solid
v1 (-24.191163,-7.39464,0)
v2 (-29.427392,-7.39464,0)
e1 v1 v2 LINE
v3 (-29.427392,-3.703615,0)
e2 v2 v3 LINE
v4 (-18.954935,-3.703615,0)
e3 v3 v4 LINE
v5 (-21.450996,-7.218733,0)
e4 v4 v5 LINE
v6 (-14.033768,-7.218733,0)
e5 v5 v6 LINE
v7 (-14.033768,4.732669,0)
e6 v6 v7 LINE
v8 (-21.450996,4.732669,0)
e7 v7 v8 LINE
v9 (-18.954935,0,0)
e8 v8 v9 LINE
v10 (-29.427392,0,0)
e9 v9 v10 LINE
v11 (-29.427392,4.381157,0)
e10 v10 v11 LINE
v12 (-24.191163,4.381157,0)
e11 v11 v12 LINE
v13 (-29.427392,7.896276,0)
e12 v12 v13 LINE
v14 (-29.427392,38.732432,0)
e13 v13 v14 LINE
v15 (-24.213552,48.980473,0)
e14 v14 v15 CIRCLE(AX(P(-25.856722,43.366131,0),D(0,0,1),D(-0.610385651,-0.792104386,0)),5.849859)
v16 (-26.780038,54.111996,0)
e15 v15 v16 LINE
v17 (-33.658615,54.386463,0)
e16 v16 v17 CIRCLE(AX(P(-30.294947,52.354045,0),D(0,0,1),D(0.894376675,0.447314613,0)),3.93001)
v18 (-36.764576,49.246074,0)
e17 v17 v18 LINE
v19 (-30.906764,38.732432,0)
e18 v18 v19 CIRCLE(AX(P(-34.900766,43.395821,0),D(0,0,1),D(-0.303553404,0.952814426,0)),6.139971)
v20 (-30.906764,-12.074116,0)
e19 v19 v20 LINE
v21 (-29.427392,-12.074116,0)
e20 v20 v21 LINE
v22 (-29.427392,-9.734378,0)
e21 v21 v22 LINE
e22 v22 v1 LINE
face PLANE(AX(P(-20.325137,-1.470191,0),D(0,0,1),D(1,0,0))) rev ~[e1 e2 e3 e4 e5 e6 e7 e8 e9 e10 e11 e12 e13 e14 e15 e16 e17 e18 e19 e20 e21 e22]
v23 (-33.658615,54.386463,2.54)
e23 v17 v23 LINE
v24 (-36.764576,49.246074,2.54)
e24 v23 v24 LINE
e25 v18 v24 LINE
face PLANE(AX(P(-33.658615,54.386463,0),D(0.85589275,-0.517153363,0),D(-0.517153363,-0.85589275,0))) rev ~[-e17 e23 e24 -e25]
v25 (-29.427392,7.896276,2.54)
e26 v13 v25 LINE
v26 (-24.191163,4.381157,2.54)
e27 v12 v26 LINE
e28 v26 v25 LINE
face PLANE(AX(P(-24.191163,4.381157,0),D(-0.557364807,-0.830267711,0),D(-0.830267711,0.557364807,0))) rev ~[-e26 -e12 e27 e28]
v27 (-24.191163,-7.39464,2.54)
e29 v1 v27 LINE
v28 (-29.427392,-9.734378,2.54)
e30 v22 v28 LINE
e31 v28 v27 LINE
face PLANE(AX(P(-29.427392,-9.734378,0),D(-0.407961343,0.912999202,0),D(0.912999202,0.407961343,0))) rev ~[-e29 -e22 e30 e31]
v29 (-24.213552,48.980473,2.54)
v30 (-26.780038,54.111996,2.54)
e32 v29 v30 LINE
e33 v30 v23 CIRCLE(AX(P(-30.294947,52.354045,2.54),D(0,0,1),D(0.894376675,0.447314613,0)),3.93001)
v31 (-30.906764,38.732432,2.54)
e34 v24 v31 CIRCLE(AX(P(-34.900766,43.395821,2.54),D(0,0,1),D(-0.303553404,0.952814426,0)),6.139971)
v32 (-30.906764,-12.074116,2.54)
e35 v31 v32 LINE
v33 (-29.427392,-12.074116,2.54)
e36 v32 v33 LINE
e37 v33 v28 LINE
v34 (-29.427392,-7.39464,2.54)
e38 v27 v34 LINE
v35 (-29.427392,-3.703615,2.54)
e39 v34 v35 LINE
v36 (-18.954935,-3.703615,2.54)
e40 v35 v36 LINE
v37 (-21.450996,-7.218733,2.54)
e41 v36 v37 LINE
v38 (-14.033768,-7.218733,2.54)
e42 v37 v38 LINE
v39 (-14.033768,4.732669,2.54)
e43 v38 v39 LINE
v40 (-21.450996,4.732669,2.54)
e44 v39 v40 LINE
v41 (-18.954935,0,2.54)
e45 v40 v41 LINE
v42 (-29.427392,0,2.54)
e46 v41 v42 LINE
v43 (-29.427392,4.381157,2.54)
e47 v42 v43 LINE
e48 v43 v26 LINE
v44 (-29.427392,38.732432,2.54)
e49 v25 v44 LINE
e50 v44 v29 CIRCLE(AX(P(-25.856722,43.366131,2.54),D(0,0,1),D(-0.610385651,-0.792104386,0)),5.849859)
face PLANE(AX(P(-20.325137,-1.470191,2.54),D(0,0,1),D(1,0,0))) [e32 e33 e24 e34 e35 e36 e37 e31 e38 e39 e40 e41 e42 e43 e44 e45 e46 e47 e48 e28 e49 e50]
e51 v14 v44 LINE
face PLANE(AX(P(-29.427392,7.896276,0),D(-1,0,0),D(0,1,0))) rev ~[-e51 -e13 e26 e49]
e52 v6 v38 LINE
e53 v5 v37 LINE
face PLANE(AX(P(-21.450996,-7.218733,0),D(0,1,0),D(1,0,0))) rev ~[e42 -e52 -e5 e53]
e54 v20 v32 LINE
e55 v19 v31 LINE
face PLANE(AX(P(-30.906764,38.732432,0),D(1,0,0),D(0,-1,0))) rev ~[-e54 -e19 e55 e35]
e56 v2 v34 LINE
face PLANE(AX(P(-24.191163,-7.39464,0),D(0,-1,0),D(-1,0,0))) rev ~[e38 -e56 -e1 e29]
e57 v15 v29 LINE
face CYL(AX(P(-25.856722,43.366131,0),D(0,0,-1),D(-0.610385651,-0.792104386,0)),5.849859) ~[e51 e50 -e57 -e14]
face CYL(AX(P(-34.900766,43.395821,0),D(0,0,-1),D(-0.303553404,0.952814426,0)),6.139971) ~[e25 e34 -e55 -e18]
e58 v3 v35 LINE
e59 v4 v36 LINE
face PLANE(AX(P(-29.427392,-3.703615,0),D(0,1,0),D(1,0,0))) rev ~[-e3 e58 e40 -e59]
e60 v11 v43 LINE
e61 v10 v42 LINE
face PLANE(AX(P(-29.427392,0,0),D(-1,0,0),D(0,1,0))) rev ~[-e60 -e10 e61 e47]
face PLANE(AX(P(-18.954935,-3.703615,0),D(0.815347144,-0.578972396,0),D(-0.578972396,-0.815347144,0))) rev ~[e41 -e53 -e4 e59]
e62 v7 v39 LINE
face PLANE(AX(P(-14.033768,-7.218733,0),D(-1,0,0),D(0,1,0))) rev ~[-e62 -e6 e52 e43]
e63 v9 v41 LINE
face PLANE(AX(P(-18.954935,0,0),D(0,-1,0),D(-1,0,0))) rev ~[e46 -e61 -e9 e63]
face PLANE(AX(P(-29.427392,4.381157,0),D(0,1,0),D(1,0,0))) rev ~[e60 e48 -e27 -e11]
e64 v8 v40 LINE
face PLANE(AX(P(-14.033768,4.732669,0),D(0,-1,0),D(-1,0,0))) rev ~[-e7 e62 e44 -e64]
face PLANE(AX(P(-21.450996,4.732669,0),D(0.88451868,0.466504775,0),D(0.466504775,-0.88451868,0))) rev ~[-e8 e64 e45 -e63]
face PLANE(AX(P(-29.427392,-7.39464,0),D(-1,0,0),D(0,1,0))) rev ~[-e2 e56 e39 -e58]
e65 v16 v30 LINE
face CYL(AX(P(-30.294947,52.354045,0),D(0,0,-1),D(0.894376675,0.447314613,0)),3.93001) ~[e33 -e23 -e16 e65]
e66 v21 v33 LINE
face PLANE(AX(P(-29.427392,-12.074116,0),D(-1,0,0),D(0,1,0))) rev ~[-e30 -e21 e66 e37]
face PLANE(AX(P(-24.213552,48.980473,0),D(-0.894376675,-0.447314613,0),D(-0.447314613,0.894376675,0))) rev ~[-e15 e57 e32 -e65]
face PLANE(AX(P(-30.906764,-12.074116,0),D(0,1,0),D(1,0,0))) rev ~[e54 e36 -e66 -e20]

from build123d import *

# Parameters (mm, degrees)
F1_DEPTH = 2.54


with BuildPart() as f1:
    # F0 (on Top) → F1 (new body)
    with BuildSketch(Plane.XY):
        Polygon((-18.9549345523, 0), (-29.4273919121, 0), (-29.4273919121, -3.7036151625), (-18.9549345523, -3.7036151625), (-21.4509958446, -7.2187334299), (-14.033768326, -7.2187334299), (-14.033768326, -4.4066389091), (-14.033768326, 4.7326693311), (-21.4509958446, 4.7326693311), align=None)
        Polygon((-24.1911632322, 4.3811574578), (-29.4273919121, 7.8962761909), (-29.4273919121, 4.3811574578), align=None)
        Polygon((-29.4273919121, -7.3946397752), (-29.4273919121, -9.7343777306), (-24.1911632322, -7.3946397752), align=None)
        with BuildLine():
            ThreePointArc((-30.9067635438, 38.7324322517), (-30.167077728, 38.6697269906), (-29.4273919121, 38.7324322517))
            Line((-29.4273919121, 38.7324322517), (-30.9067635438, 38.7324322517))
        make_face()
        with BuildLine():
            ThreePointArc((-29.4273919121, 38.7324322517), (-26.8086242171, 40.2302917841), (-25.7729723001, 43.0638324185))
            ThreePointArc((-25.7729723001, 43.0638324185), (-27.0150914489, 46.125391663), (-30.0392081298, 47.4560769332))
            ThreePointArc((-30.0392081298, 47.4560769332), (-30.167077728, 47.4579378464), (-30.2949473262, 47.4560769332))
            ThreePointArc((-30.2949473262, 47.4560769332), (-34.5504163222, 43.3712495288), (-30.9067635438, 38.7324322517))
            Line((-30.9067635438, 38.7324322517), (-29.4273919121, 38.7324322517))
        make_face()
        with BuildLine():
            ThreePointArc((-30.2949473262, 47.4560769332), (-30.167077728, 47.4579378464), (-30.0392081298, 47.4560769332))
            ThreePointArc((-30.0392081298, 47.4560769332), (-27.3375925595, 49.0254480898), (-24.2135519416, 48.9804732743))
            Line((-24.2135519416, 48.9804732743), (-26.7800379039, 54.1119961848))
            ThreePointArc((-26.7800379039, 54.1119961848), (-26.4701199043, 53.2571925211), (-26.3649371648, 52.3540452123))
            ThreePointArc((-26.3649371648, 52.3540452123), (-31.349872342, 48.5682674745), (-33.6586145301, 54.3864631837))
            Line((-33.6586145301, 54.3864631837), (-36.7645755608, 49.2460740499))
            ThreePointArc((-36.7645755608, 49.2460740499), (-33.2634890709, 49.3134699245), (-30.2949473262, 47.4560769332))
        make_face()
        with BuildLine():
            Line((-29.4273919121, 7.8962761909), (-29.4273919121, 38.7324322517))
            ThreePointArc((-29.4273919121, 38.7324322517), (-30.167077728, 38.6697269906), (-30.9067635438, 38.7324322517))
            Line((-30.9067635438, 38.7324322517), (-30.9067635438, -7.3946397752))
            Line((-30.9067635438, -7.3946397752), (-30.9067635438, -12.0741156861))
            Line((-30.9067635438, -12.0741156861), (-29.4273919121, -12.0741156861))
            Line((-29.4273919121, -12.0741156861), (-29.4273919121, -9.7343777306))
            Line((-29.4273919121, -9.7343777306), (-29.4273919121, -7.3946397752))
            Line((-29.4273919121, -7.3946397752), (-29.4273919121, -3.7036151625))
            Line((-29.4273919121, -3.7036151625), (-29.4273919121, 0))
            Line((-29.4273919121, 0), (-29.4273919121, 4.3811574578))
            Line((-29.4273919121, 4.3811574578), (-29.4273919121, 7.8962761909))
        make_face()
        with BuildLine():
            ThreePointArc((-30.9067635438, 38.7324322517), (-34.5504163222, 43.3712495288), (-30.2949473262, 47.4560769332))
            ThreePointArc((-30.2949473262, 47.4560769332), (-33.2634890709, 49.3134699245), (-36.7645755608, 49.2460740499))
            ThreePointArc((-36.7645755608, 49.2460740499), (-40.2644028752, 40.4074009215), (-30.9067635438, 38.7324322517))
        make_face()
        with BuildLine():
            ThreePointArc((-30.0392081298, 47.4560769332), (-27.0150914489, 46.125391663), (-25.7729723001, 43.0638324185))
            ThreePointArc((-25.7729723001, 43.0638324185), (-26.8086242171, 40.2302917841), (-29.4273919121, 38.7324322517))
            ThreePointArc((-29.4273919121, 38.7324322517), (-20.6428559595, 40.7135007605), (-24.2135519416, 48.9804732743))
            ThreePointArc((-24.2135519416, 48.9804732743), (-27.3375925595, 49.0254480898), (-30.0392081298, 47.4560769332))
        make_face()
        with BuildLine():
            ThreePointArc((-26.3649371648, 52.3540452123), (-26.4701199043, 53.2571925211), (-26.7800379039, 54.1119961848))
            ThreePointArc((-26.7800379039, 54.1119961848), (-30.1382578705, 56.2809305281), (-33.6586145301, 54.3864631837))
            ThreePointArc((-33.6586145301, 54.3864631837), (-31.349872342, 48.5682674745), (-26.3649371648, 52.3540452123))
        make_face()
    extrude(amount=F1_DEPTH)


solid = f1.part
